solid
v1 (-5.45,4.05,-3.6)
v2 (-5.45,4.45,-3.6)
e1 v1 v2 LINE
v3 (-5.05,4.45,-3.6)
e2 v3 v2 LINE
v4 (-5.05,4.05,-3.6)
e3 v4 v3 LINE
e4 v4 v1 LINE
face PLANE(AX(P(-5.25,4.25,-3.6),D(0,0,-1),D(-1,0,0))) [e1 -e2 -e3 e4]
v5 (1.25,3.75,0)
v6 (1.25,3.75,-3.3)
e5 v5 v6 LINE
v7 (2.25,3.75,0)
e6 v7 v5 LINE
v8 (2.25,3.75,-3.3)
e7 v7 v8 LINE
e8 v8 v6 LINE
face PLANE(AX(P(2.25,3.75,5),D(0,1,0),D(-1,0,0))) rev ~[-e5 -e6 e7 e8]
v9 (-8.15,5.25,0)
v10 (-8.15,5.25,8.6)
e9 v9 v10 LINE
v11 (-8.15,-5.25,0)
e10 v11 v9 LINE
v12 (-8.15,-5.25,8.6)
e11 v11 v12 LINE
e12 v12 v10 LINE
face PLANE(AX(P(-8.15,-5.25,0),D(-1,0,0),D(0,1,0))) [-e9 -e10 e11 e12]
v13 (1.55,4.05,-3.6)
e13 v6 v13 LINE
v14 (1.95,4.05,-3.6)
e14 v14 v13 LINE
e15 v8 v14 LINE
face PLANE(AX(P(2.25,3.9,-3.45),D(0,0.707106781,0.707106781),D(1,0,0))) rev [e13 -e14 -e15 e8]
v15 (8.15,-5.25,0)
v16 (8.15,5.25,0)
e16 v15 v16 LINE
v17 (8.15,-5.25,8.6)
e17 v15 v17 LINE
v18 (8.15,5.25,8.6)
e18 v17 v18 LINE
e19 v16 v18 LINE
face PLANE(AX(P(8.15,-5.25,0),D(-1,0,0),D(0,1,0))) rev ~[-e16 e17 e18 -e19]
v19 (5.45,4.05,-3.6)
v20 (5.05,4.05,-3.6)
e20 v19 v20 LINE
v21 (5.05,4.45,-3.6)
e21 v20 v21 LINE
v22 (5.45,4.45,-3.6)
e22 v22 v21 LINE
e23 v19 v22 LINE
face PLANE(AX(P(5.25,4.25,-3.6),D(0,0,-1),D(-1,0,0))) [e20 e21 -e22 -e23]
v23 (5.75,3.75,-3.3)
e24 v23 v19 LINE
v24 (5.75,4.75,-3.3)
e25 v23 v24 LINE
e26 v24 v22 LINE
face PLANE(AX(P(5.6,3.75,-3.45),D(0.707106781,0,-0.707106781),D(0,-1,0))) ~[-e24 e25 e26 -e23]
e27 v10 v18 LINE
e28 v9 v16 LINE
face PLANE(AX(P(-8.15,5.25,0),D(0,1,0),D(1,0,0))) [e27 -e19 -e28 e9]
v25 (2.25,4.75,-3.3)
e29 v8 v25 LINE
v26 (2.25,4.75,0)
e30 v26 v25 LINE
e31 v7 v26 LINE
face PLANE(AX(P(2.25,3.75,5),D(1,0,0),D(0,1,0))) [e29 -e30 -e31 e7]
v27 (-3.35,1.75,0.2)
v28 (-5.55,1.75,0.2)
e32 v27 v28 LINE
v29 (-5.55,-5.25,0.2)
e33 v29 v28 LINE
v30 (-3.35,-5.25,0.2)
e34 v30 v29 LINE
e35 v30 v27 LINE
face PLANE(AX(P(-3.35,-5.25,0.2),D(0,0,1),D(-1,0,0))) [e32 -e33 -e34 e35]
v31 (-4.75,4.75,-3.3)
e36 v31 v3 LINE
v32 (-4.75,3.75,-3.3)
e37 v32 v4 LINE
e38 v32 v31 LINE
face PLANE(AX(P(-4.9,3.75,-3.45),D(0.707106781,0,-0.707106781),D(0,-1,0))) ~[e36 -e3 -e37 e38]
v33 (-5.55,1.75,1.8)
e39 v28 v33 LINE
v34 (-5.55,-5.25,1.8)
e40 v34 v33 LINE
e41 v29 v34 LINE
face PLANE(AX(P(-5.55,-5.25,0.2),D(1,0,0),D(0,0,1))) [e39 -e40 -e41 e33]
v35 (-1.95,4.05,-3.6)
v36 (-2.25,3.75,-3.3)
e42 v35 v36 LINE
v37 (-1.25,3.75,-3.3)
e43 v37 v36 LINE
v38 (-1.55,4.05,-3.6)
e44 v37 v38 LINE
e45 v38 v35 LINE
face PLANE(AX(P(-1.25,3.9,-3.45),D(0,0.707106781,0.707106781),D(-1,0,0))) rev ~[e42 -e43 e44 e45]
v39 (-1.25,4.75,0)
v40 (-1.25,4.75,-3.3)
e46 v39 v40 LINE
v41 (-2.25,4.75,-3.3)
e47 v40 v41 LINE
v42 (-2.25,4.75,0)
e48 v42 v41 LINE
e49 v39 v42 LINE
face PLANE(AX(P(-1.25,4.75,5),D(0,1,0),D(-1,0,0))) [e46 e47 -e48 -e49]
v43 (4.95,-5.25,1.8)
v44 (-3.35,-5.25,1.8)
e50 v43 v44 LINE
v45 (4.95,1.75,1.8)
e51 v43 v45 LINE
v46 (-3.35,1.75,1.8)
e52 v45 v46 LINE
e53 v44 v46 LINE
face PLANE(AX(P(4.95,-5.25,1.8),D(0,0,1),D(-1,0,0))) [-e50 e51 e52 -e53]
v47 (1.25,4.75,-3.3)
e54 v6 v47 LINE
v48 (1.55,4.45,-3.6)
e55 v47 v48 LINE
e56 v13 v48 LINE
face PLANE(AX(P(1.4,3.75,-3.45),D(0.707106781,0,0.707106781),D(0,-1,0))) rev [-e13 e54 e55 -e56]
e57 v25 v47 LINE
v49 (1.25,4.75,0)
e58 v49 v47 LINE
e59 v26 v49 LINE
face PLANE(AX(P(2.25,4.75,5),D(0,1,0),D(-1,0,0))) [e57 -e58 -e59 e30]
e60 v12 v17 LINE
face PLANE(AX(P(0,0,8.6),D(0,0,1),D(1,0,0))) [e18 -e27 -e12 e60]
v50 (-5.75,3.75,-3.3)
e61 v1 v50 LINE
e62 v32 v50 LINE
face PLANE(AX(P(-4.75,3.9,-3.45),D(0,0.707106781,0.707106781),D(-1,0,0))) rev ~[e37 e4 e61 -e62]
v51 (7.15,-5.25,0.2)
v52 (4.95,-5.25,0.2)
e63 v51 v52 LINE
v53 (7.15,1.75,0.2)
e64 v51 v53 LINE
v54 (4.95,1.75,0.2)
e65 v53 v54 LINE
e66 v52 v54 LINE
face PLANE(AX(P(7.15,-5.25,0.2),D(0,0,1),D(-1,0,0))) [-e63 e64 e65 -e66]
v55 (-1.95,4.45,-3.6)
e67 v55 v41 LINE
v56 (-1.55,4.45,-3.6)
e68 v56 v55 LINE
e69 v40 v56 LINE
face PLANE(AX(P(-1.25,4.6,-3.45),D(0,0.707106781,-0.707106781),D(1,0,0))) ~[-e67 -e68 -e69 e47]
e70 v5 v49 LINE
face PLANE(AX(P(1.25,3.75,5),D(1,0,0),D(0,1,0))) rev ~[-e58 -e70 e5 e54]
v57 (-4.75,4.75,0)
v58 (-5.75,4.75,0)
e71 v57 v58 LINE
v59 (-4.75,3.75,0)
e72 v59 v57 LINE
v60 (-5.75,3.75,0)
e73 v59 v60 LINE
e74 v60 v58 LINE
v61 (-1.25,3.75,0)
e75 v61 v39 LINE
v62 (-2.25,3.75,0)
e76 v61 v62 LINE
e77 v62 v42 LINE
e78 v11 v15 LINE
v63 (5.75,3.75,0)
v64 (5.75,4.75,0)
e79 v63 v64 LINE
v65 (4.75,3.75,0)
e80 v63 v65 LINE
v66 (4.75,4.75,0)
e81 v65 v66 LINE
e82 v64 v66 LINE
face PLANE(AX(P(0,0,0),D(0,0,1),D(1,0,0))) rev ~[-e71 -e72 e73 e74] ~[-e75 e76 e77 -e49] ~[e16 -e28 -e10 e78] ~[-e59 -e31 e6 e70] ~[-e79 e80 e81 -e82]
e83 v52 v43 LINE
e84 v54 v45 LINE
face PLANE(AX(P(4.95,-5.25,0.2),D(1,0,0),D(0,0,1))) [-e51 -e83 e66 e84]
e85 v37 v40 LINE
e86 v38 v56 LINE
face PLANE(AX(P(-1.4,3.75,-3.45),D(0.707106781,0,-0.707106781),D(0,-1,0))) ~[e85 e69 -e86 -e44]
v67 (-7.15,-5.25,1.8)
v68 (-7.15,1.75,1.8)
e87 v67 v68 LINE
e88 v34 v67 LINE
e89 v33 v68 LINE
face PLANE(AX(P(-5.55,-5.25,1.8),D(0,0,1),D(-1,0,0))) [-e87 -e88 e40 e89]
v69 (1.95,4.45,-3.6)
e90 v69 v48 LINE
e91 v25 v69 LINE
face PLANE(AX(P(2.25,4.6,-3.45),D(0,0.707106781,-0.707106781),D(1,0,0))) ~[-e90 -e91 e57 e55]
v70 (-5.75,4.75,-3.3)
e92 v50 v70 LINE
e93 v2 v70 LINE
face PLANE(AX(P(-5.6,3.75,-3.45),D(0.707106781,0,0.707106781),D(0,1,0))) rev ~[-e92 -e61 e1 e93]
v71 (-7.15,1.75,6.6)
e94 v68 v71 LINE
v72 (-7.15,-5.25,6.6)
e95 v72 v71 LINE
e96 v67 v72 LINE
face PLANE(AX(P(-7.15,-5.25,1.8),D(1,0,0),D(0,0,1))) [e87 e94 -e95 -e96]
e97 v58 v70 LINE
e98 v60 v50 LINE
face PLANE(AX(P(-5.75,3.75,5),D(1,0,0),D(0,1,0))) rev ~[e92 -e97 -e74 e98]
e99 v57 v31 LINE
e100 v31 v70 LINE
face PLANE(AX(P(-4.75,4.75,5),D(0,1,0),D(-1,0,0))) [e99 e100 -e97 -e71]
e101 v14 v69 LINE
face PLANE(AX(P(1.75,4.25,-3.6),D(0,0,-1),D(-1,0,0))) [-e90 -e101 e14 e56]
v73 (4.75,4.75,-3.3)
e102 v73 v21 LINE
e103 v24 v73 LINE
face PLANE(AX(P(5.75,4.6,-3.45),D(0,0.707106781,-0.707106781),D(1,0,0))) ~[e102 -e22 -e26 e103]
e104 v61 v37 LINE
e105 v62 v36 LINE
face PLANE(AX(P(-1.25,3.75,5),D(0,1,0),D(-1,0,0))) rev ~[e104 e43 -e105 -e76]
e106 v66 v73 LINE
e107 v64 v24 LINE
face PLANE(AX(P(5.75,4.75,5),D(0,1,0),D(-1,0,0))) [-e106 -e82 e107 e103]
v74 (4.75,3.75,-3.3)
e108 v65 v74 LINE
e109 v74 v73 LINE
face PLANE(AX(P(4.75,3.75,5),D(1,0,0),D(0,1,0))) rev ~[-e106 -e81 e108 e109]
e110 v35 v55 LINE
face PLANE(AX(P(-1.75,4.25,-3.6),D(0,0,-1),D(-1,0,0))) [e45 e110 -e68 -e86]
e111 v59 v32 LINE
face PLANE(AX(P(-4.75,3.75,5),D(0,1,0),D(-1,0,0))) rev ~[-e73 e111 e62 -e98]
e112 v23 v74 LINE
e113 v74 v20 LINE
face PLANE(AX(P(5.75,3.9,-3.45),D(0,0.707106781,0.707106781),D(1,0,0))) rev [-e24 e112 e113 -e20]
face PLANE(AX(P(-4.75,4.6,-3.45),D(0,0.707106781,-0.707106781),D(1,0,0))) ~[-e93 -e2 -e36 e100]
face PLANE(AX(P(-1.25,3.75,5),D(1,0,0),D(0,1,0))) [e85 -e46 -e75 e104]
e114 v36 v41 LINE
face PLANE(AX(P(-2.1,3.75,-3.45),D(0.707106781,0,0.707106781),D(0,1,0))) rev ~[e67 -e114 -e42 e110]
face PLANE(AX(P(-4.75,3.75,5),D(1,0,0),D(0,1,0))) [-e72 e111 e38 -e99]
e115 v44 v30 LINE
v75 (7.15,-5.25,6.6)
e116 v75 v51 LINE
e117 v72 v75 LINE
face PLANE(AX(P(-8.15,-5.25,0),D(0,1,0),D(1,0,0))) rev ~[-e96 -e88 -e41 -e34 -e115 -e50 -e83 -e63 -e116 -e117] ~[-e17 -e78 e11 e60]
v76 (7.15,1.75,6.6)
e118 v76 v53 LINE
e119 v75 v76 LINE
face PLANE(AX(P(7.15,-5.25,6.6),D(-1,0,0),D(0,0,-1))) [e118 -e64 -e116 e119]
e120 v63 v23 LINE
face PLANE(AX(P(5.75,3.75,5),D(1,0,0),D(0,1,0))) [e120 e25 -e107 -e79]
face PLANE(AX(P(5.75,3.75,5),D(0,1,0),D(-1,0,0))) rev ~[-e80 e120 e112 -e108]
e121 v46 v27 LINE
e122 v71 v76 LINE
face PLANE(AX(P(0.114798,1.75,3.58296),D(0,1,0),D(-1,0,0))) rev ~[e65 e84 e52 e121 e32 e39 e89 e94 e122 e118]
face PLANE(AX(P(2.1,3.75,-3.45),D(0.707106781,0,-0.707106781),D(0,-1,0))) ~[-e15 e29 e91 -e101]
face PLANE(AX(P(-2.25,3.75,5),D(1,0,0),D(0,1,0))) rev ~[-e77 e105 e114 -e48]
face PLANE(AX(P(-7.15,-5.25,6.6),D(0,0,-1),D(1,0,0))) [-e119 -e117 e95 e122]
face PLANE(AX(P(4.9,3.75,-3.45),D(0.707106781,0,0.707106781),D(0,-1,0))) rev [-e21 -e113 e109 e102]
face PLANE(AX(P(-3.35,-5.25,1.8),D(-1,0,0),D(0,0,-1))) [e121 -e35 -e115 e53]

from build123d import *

# Parameters (mm, degrees)
SKETCH_1_W                         = 16.3
SKETCH_1_H                         = 10.5
EXTRUDE_1_DEPTH                    = 8.6
CUT_EXTRUDE_1_DEPTH                = 7
EXTRUDE_START                      = -5
SKETCH_3_W                         = 1
SKETCH_3_H                         = 1
EXTRUDE_2_DEPTH                    = 8.6
CHAMFER_1_SIZE                     = 0.3
PATTERN_LINEAR_1_COUNT             = 4
PATTERN_LINEAR_1_PITCH             = 3.5
CHAMFER_1_OF_PATTERN_LINEAR_1_SIZE = 0.3


with BuildPart() as part:
    # Эскиз1 → Бобышка-Вытянуть1 (new body)
    with BuildSketch(Plane.XY):
        Rectangle(SKETCH_1_W, SKETCH_1_H)
    extrude(amount=EXTRUDE_1_DEPTH)

    # Эскиз2 → Вырез-Вытянуть1 (cut)
    with BuildSketch(Plane.XZ.offset(5.25)):
        Polygon((-7.15, 6.6), (7.15, 6.6), (7.15, 0.2), (4.95, 0.2), (4.95, 1.8), (-3.35, 1.8), (-3.35, 0.2), (-5.55, 0.2), (-5.55, 1.8), (-7.15, 1.8), align=None)
    extrude(amount=-CUT_EXTRUDE_1_DEPTH, mode=Mode.SUBTRACT)

    # Эскиз3 → Бобышка-Вытянуть2 (add)
    with BuildSketch(Plane(origin=(0, 0, 0), x_dir=(-1, 0, 0), z_dir=(0, 0, -1)).offset(EXTRUDE_START)):
        with Locations((5.25, 4.25)):
            Rectangle(SKETCH_3_W, SKETCH_3_H)
    extrude_2 = extrude(amount=EXTRUDE_2_DEPTH)

    # Фаска1
    chamfer_1_edges = [part.edges().sort_by_distance(p)[0] for p in [
        (-4.75, 4.25, -3.6),
        (-5.25, 3.75, -3.6),
        (-5.75, 4.25, -3.6),
        (-5.25, 4.75, -3.6),
    ]]
    chamfer(chamfer_1_edges, length=CHAMFER_1_SIZE)

    # Линейный массив1: Бобышка-Вытянуть2 ×4
    with Locations(*[(i * PATTERN_LINEAR_1_PITCH, 0, 0) for i in range(1, PATTERN_LINEAR_1_COUNT)]):
        add(extrude_2)

    # Фаска1 of Линейный массив1
    chamfer_1_of_pattern_linear_1_edges = [part.edges().sort_by_distance(p)[0] for p in [
        (-1.25, 4.25, -3.6),
        (-1.75, 3.75, -3.6),
        (-2.25, 4.25, -3.6),
        (-1.75, 4.75, -3.6),
        (2.25, 4.25, -3.6),
        (1.75, 3.75, -3.6),
        (1.25, 4.25, -3.6),
        (1.75, 4.75, -3.6),
        (5.75, 4.25, -3.6),
        (5.25, 3.75, -3.6),
        (4.75, 4.25, -3.6),
        (5.25, 4.75, -3.6),
    ]]
    chamfer(chamfer_1_of_pattern_linear_1_edges, length=CHAMFER_1_OF_PATTERN_LINEAR_1_SIZE)


solid = part.part
